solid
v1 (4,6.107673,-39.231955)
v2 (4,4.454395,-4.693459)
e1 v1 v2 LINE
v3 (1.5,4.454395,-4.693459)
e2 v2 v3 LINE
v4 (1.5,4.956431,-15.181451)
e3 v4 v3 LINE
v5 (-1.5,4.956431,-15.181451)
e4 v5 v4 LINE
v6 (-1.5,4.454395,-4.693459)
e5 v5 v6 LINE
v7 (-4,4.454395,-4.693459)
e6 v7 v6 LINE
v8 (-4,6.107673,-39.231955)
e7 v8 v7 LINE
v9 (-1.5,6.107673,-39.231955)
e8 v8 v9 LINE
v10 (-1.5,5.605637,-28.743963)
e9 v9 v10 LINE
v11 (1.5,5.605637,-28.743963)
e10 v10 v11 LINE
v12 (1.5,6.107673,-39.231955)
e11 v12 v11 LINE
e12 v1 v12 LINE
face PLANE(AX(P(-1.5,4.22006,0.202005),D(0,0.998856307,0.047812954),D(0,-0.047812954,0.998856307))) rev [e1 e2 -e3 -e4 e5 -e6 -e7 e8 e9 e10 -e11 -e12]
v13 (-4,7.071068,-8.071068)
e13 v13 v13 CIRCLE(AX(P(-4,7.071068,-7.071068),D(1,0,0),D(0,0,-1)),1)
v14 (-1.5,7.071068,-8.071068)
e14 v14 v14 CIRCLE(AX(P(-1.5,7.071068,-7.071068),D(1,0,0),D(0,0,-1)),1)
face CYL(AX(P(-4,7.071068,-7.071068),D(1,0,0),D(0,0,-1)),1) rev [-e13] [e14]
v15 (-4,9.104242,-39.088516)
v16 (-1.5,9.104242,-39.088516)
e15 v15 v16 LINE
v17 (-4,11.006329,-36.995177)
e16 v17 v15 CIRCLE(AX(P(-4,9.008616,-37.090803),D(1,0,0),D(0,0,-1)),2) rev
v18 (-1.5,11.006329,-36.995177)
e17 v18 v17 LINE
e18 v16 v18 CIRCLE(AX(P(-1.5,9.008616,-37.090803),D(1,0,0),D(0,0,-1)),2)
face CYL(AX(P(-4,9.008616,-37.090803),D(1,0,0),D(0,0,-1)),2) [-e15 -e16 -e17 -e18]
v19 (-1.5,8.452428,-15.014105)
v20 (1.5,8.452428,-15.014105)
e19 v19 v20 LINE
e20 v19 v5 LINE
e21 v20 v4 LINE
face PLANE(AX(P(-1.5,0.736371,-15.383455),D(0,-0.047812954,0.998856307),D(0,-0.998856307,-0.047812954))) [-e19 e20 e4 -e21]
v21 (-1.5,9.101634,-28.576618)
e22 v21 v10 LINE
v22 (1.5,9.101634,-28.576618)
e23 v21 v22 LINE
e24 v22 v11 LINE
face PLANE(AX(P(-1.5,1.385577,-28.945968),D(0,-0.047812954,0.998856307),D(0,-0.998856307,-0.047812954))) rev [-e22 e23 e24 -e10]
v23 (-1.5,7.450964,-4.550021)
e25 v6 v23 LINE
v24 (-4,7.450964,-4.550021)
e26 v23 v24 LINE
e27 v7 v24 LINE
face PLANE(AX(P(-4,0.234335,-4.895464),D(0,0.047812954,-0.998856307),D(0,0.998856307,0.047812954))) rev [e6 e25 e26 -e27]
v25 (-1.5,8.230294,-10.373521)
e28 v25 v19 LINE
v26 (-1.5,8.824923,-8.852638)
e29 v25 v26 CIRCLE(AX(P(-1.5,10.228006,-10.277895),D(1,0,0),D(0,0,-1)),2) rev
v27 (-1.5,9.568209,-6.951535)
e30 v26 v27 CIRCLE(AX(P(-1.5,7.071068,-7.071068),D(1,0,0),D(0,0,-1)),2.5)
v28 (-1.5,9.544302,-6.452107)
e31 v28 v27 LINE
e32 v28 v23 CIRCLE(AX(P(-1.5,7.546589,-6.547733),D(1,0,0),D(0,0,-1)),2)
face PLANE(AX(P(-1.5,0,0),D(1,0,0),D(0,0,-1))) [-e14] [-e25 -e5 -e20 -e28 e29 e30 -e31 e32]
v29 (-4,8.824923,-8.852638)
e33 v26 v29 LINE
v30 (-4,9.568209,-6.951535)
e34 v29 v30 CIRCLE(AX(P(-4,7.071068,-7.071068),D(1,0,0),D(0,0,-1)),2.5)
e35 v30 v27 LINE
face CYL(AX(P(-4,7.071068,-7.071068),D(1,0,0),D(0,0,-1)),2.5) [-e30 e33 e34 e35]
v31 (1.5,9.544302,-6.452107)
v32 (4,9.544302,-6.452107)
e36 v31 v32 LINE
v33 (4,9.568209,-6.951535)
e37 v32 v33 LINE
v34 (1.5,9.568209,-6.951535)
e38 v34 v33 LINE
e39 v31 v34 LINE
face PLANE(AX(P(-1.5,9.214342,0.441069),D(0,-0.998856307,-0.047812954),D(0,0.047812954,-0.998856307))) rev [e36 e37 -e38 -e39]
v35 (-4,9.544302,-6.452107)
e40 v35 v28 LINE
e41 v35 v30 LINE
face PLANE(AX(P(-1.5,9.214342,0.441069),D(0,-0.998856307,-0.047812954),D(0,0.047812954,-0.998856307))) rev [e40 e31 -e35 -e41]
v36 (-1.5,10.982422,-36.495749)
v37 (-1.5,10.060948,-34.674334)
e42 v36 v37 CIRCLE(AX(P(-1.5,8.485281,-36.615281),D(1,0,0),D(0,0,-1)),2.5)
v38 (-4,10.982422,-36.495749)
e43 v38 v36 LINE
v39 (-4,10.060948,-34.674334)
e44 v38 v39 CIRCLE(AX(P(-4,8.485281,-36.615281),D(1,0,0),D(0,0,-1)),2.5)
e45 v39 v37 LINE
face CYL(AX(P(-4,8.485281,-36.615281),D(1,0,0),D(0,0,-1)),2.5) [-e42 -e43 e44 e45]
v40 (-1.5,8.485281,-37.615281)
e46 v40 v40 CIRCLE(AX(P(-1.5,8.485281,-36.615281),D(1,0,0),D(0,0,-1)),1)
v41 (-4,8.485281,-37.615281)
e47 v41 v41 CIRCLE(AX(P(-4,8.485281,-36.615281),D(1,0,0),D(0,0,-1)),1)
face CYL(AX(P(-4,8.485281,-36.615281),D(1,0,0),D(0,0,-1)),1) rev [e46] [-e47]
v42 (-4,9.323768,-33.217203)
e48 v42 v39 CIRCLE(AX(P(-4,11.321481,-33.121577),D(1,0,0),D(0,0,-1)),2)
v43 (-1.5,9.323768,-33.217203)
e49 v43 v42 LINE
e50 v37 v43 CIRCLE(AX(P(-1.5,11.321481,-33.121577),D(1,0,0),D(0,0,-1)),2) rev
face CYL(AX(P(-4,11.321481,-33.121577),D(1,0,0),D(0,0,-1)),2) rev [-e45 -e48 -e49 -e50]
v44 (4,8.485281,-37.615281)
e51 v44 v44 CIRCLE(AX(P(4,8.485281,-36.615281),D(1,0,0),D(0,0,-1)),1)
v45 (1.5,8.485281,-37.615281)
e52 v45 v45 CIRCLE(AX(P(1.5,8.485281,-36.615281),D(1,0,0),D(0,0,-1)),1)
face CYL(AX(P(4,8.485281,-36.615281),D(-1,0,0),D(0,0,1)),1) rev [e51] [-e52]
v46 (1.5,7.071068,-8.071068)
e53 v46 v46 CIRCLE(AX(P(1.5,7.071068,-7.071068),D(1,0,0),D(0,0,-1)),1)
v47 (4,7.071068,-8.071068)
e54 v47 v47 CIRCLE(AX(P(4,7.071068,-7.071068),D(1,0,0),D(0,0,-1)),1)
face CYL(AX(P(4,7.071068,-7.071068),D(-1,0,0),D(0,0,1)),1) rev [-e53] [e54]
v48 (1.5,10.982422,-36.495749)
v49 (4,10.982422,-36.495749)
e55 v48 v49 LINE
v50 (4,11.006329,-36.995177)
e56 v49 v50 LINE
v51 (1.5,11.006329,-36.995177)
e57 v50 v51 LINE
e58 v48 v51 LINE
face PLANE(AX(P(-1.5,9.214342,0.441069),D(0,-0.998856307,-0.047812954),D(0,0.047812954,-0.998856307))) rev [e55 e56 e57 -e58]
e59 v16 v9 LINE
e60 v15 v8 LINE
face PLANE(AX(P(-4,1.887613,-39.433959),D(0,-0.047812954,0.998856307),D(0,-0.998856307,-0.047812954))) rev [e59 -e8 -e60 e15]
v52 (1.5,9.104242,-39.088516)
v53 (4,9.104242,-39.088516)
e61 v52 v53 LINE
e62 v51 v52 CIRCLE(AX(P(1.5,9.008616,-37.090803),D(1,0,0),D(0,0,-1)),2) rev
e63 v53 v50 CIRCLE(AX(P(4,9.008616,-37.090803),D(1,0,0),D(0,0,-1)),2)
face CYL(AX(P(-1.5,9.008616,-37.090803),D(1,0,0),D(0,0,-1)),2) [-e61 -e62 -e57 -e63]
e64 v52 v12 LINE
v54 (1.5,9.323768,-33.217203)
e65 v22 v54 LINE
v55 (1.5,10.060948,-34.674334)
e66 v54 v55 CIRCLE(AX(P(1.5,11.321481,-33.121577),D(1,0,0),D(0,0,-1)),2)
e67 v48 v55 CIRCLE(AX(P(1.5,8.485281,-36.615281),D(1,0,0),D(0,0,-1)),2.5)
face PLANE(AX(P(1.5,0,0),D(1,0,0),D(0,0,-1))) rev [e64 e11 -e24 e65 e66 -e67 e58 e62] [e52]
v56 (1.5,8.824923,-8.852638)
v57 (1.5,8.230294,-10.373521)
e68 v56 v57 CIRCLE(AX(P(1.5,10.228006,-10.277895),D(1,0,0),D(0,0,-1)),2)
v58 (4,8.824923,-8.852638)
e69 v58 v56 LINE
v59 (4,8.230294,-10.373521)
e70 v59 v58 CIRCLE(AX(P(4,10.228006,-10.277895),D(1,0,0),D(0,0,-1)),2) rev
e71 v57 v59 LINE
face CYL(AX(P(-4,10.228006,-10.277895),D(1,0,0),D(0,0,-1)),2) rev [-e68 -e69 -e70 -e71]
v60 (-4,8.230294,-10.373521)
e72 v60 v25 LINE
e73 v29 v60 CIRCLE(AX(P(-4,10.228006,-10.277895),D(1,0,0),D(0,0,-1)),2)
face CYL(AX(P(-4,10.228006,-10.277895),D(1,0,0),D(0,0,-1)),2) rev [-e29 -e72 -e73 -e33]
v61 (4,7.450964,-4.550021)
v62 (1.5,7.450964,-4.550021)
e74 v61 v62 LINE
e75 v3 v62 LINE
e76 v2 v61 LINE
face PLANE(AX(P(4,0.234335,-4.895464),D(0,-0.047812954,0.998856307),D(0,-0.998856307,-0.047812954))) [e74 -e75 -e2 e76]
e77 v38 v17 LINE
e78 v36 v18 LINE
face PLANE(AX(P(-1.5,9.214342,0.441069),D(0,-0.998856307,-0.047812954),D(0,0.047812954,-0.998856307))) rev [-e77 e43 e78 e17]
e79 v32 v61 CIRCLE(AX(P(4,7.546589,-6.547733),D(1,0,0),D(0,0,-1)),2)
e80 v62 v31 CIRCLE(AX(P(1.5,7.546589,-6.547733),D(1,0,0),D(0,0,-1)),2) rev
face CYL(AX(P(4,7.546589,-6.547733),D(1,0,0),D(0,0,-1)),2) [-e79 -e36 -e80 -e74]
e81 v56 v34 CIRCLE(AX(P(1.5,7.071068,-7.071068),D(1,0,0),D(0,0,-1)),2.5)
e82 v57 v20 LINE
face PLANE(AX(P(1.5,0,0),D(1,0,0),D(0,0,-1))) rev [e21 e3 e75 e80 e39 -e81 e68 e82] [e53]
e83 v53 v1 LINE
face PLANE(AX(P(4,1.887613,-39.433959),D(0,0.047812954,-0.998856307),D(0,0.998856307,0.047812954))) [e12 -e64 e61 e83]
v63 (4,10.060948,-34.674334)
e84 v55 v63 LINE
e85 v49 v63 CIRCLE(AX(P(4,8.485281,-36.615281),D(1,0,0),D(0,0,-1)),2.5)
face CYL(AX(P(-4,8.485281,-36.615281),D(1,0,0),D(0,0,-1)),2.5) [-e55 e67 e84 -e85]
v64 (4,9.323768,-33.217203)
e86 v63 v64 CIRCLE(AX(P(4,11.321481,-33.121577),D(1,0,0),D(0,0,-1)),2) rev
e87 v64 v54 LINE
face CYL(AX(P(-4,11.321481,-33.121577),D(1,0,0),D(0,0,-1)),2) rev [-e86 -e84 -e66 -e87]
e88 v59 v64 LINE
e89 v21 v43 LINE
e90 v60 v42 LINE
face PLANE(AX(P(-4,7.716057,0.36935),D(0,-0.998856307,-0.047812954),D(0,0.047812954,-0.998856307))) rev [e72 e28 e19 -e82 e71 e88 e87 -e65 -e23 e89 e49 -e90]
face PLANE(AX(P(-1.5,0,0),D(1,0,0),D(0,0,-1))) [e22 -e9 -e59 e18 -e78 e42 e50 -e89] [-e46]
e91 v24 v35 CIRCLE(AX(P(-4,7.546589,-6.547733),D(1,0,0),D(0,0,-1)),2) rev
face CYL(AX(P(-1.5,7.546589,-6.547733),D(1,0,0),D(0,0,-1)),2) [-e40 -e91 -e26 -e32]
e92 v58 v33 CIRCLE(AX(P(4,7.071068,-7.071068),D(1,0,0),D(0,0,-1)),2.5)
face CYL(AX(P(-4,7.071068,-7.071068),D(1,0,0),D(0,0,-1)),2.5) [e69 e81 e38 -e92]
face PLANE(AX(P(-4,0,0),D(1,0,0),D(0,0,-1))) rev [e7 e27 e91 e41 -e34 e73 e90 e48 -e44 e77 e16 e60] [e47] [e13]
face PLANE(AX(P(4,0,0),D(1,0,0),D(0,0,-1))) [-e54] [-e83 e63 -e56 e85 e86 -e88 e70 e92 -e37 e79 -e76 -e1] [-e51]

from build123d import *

# Parameters (mm, degrees)
BOSS_EXTRUDE1_DEPTH      = 1.5
BOSS_EXTRUDE1_DEPTH_BACK = 1.5
BOSS_EXTRUDE2_START      = 1.5
SKETCH1_3_R              = 1
BOSS_EXTRUDE2_DEPTH      = 2.5
BOSS_EXTRUDE3_START      = -4
SKETCH1_4_R              = 1
BOSS_EXTRUDE3_DEPTH      = 2.5
FILLET1_R                = 2
CUT_EXTRUDE1_DEPTH       = 41.943081007
CUT_EXTRUDE1_DEPTH_BACK  = 41.943081007
FILLET2_R                = 2


with BuildPart() as part:
    # Sketch1 → Boss-Extrude1 (new, two sides: drawn at the far end of the back side and taken through both)
    with BuildSketch(Plane(origin=(0, 0, 0), x_dir=(0, 0, -1), z_dir=(1, 0, 0)).offset(-BOSS_EXTRUDE1_DEPTH_BACK)):
        Polygon((14.942385879, 9.950712214), (15.181450651, 4.95643068), (28.743963307, 5.605636972), (28.504898535, 10.599918506), align=None)
    extrude(amount=BOSS_EXTRUDE1_DEPTH + BOSS_EXTRUDE1_DEPTH_BACK)

    # Sketch1<3> → Boss-Extrude2 (add)
    with BuildSketch(Plane(origin=(0, 0, 0), x_dir=(0, 0, -1), z_dir=(1, 0, 0)).offset(BOSS_EXTRUDE2_START)):
        Polygon((4.454394659, 9.448676193), (4.693459431, 4.454394659), (39.231954527, 6.107672994), (38.992889755, 11.101954527), align=None)
        with Locations((7.071067812, 7.071067812)):
            Circle(SKETCH1_3_R, mode=Mode.SUBTRACT)
        with Locations((36.615281374, 8.485281374)):
            Circle(SKETCH1_3_R, mode=Mode.SUBTRACT)
    extrude(amount=BOSS_EXTRUDE2_DEPTH)

    # Sketch1<4> → Boss-Extrude3 (add)
    with BuildSketch(Plane(origin=(0, 0, 0), x_dir=(0, 0, -1), z_dir=(1, 0, 0)).offset(BOSS_EXTRUDE3_START)):
        Polygon((4.454394659, 9.448676193), (4.693459431, 4.454394659), (39.231954527, 6.107672994), (38.992889755, 11.101954527), align=None)
        with Locations((7.071067812, 7.071067812)):
            Circle(SKETCH1_4_R, mode=Mode.SUBTRACT)
        with Locations((36.615281374, 8.485281374)):
            Circle(SKETCH1_4_R, mode=Mode.SUBTRACT)
    extrude(amount=BOSS_EXTRUDE3_DEPTH)

    # Fillet1
    fillet1_edges = [part.edges().sort_by_distance(p)[0] for p in [
        (2.75, 11.101954527, -38.992889755),
        (-2.75, 11.101954527, -38.992889755),
        (2.75, 9.448676193, -4.454394659),
        (-2.75, 9.448676193, -4.454394659),
    ]]
    fillet(fillet1_edges, radius=FILLET1_R)

    # Sketch3 → Cut-Extrude1 (cut, two sides: drawn at the far end of the back side and taken through both)
    with BuildSketch(Plane(origin=(0, 0, 0), x_dir=(0, 0, -1), z_dir=(1, 0, 0)).offset(-CUT_EXTRUDE1_DEPTH_BACK)):
        with BuildLine():
            ThreePointArc((6.951535426, 9.568208579), (8.33880017, 9.225796256), (9.311922174, 8.17947736))
            Line((9.311922174, 8.17947736), (34.278801103, 9.37458444))
            ThreePointArc((34.278801103, 9.37458444), (35.147533078, 10.50906865), (36.495748988, 10.982422141))
            Line((36.495748988, 10.982422141), (36.350334975, 14.020253749))
            Line((36.350334975, 14.020253749), (6.806121413, 12.606040186))
            Line((6.806121413, 12.606040186), (6.951535426, 9.568208579))
        make_face()
    extrude(amount=CUT_EXTRUDE1_DEPTH + CUT_EXTRUDE1_DEPTH_BACK, mode=Mode.SUBTRACT)

    # Fillet2
    fillet2_edges = [part.edges().sort_by_distance(p)[0] for p in [
        (2.75, 9.37458444, -34.278801103),
        (-2.75, 9.37458444, -34.278801103),
        (2.75, 8.17947736, -9.311922174),
        (-2.75, 8.17947736, -9.311922174),
    ]]
    fillet(fillet2_edges, radius=FILLET2_R)


solid = part.part
